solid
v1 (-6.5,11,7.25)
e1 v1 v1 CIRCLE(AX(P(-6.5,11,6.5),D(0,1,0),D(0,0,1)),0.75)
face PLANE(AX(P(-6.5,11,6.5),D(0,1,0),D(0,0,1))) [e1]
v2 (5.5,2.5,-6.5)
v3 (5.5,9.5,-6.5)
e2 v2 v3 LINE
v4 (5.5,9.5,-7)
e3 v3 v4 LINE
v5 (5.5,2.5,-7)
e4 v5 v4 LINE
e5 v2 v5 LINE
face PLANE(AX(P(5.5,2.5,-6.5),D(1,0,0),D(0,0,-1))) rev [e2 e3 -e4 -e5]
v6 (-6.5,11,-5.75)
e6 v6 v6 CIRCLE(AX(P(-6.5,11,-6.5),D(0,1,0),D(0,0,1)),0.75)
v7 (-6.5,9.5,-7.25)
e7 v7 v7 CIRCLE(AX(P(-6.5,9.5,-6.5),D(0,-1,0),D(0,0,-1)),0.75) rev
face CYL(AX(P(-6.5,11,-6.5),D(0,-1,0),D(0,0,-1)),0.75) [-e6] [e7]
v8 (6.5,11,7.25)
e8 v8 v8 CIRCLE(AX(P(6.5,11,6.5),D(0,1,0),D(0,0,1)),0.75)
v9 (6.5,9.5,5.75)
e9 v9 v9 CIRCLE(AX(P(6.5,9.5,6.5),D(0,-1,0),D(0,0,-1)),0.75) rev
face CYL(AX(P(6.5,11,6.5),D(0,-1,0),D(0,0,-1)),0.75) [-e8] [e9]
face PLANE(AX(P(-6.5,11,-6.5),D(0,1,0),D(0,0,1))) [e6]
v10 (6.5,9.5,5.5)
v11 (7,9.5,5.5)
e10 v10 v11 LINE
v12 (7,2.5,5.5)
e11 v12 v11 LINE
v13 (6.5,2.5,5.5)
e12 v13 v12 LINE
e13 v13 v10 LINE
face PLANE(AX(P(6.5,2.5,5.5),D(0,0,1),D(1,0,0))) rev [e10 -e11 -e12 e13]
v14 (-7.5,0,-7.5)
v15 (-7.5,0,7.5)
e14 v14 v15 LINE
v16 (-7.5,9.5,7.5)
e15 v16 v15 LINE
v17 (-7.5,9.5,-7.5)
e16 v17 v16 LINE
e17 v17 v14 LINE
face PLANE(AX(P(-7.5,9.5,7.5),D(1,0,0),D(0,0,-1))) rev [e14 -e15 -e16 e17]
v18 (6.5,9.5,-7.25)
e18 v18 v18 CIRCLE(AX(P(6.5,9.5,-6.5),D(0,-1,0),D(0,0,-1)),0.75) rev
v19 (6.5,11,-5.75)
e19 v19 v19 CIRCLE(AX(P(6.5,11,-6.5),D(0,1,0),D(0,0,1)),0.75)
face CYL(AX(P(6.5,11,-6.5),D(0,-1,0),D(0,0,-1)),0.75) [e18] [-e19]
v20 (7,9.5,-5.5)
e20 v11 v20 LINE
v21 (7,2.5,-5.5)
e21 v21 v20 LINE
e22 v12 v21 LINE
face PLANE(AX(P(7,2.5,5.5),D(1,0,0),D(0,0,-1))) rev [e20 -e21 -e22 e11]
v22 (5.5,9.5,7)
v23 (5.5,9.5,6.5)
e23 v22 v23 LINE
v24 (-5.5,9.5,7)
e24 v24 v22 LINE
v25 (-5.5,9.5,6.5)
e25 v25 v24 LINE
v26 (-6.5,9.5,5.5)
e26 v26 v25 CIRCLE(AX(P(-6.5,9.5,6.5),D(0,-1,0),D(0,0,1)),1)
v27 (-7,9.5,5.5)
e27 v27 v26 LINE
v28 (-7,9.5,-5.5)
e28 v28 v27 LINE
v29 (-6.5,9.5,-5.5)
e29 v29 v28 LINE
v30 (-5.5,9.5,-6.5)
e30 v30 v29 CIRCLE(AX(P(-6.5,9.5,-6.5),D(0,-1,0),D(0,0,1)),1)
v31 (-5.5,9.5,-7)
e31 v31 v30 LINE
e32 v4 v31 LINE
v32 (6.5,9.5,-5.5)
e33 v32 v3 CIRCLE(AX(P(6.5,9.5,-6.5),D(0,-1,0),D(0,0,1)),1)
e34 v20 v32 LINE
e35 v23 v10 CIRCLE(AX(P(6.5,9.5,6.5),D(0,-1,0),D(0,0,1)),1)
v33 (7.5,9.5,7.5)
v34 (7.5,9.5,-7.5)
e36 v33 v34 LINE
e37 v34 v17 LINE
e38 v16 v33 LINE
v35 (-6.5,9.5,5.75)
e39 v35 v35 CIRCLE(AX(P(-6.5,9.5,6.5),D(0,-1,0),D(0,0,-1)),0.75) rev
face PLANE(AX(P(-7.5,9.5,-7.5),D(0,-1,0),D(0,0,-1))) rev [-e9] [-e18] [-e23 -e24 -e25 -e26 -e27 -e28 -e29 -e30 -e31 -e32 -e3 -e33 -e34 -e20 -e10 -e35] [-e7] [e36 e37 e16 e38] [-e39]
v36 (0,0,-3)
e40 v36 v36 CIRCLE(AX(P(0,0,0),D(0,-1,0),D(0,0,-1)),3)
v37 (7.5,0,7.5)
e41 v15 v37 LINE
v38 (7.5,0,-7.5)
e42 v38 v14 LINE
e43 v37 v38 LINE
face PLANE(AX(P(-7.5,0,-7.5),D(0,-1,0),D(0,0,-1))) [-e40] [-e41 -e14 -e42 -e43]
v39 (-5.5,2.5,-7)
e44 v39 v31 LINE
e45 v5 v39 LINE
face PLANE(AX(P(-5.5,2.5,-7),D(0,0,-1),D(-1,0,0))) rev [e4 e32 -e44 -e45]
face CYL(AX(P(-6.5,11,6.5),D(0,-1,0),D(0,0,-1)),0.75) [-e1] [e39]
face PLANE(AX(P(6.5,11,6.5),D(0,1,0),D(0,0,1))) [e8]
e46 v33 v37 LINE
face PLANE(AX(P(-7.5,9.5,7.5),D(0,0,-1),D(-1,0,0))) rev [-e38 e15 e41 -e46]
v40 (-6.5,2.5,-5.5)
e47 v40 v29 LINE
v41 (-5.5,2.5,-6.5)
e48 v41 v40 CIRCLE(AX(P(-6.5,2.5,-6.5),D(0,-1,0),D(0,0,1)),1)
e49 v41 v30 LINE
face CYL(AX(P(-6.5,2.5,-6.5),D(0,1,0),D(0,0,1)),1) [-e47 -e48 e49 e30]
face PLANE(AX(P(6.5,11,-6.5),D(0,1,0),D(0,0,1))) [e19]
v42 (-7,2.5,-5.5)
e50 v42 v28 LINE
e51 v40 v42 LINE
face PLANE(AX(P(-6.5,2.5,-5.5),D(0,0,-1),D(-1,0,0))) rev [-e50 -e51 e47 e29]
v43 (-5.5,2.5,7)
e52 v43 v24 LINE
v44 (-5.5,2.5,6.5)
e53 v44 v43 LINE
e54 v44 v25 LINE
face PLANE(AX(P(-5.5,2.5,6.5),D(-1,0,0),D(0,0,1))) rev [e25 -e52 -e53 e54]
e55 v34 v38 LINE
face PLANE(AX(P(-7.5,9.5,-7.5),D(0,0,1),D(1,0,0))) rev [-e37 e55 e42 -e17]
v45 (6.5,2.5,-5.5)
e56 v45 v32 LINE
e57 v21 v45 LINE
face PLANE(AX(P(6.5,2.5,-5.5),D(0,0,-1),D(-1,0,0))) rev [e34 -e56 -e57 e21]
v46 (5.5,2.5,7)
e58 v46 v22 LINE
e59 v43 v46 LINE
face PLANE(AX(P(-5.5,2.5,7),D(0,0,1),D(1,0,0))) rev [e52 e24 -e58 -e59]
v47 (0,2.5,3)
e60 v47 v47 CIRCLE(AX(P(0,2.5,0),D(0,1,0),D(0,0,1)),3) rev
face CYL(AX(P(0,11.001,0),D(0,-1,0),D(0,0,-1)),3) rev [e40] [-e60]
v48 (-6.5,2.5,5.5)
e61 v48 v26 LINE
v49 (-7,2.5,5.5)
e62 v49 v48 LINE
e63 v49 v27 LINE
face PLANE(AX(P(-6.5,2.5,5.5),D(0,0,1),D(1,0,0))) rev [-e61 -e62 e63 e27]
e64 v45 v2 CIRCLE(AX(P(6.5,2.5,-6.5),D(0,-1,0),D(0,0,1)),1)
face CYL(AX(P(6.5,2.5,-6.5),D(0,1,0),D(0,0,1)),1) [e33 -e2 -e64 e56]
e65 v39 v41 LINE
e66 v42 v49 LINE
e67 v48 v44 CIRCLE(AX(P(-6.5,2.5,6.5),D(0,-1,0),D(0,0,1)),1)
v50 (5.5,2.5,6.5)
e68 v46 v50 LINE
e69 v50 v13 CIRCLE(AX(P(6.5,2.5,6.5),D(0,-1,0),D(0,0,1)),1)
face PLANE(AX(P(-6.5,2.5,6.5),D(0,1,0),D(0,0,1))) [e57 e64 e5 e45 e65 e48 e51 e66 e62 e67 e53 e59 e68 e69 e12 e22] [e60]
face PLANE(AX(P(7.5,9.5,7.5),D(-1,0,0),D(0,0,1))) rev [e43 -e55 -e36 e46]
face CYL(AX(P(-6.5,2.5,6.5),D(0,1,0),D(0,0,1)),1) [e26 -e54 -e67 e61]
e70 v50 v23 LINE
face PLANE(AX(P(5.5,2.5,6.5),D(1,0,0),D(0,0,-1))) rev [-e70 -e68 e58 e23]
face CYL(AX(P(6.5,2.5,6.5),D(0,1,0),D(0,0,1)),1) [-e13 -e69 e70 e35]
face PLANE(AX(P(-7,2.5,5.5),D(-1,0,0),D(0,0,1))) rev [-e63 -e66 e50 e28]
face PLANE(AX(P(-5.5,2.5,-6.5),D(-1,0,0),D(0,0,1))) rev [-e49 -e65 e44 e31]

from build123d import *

# Parameters (mm, degrees)
SKETCH_1_W          = 15
SKETCH_1_H          = 15
EXTRUDE_1_DEPTH     = 9.5
CUT_EXTRUDE_1_DEPTH = 7
SKETCH_5_R          = 0.75
EXTRUDE_2_DEPTH     = 1.5
CUT_EXTRUDE_2_REACH = 17.281
SKETCH_6_R          = 3


with BuildPart() as part:
    # 草图1 → 凸台-拉伸1 (new body)
    with BuildSketch(Plane(origin=(0, 0, 0), x_dir=(1, 0, 0), z_dir=(0, 1, 0))):
        Rectangle(SKETCH_1_W, SKETCH_1_H)
    extrude(amount=EXTRUDE_1_DEPTH)

    # 草图2 → 切除-拉伸1 (cut)
    with BuildSketch(Plane(origin=(0, 9.5, 0), x_dir=(-1, 0, 0), z_dir=(0, 1, 0))):
        with BuildLine():
            Line((6.5, -5.5), (7, -5.5))
            Line((7, -5.5), (7, 5.5))
            Line((7, 5.5), (6.5, 5.5))
            ThreePointArc((6.5, 5.5), (5.792893219, 5.792893219), (5.5, 6.5))
            Line((5.5, 6.5), (5.5, 7))
            Line((5.5, 7), (-5.5, 7))
            Line((-5.5, 7), (-5.5, 6.5))
            ThreePointArc((-5.5, 6.5), (-5.792893219, 5.792893219), (-6.5, 5.5))
            Line((-6.5, 5.5), (-7, 5.5))
            Line((-7, 5.5), (-7, -5.5))
            Line((-7, -5.5), (-6.5, -5.5))
            ThreePointArc((-6.5, -5.5), (-5.792893219, -5.792893219), (-5.5, -6.5))
            Line((-5.5, -6.5), (-5.5, -7))
            Line((-5.5, -7), (5.5, -7))
            Line((5.5, -7), (5.5, -6.5))
            ThreePointArc((5.5, -6.5), (5.792893219, -5.792893219), (6.5, -5.5))
        make_face()
    extrude(amount=-CUT_EXTRUDE_1_DEPTH, mode=Mode.SUBTRACT)

    # 草图5 → 凸台-拉伸2 (add)
    with BuildSketch(Plane(origin=(0, 9.5, 0), x_dir=(-1, 0, 0), z_dir=(0, 1, 0))):
        with Locations(Location((6.5, -6.5, 0), (0, 0, 270))):
            Circle(SKETCH_5_R)
        with Locations(Location((6.5, 6.5, 0), (0, 0, 270))):
            Circle(SKETCH_5_R)
        with Locations(Location((-6.5, 6.5, 0), (0, 0, 270))):
            Circle(SKETCH_5_R)
        with Locations(Location((-6.5, -6.5, 0), (0, 0, 270))):
            Circle(SKETCH_5_R)
    extrude(amount=EXTRUDE_2_DEPTH)

    # 草图6 → 切除-拉伸2 (cut, up to next)
    with BuildSketch(Plane.XZ, mode=Mode.PRIVATE) as cut_extrude_2_sk1:
        with Locations(Location((0, 0, 0), (0, 0, 270))):
            Circle(SKETCH_6_R)
    cut_extrude_2_tool1 = extrude(cut_extrude_2_sk1.sketch, amount=-CUT_EXTRUDE_2_REACH, mode=Mode.PRIVATE) & part.part
    add(cut_extrude_2_tool1.solids().sort_by_distance((0, 0, 0))[0], mode=Mode.SUBTRACT)


solid = part.part
